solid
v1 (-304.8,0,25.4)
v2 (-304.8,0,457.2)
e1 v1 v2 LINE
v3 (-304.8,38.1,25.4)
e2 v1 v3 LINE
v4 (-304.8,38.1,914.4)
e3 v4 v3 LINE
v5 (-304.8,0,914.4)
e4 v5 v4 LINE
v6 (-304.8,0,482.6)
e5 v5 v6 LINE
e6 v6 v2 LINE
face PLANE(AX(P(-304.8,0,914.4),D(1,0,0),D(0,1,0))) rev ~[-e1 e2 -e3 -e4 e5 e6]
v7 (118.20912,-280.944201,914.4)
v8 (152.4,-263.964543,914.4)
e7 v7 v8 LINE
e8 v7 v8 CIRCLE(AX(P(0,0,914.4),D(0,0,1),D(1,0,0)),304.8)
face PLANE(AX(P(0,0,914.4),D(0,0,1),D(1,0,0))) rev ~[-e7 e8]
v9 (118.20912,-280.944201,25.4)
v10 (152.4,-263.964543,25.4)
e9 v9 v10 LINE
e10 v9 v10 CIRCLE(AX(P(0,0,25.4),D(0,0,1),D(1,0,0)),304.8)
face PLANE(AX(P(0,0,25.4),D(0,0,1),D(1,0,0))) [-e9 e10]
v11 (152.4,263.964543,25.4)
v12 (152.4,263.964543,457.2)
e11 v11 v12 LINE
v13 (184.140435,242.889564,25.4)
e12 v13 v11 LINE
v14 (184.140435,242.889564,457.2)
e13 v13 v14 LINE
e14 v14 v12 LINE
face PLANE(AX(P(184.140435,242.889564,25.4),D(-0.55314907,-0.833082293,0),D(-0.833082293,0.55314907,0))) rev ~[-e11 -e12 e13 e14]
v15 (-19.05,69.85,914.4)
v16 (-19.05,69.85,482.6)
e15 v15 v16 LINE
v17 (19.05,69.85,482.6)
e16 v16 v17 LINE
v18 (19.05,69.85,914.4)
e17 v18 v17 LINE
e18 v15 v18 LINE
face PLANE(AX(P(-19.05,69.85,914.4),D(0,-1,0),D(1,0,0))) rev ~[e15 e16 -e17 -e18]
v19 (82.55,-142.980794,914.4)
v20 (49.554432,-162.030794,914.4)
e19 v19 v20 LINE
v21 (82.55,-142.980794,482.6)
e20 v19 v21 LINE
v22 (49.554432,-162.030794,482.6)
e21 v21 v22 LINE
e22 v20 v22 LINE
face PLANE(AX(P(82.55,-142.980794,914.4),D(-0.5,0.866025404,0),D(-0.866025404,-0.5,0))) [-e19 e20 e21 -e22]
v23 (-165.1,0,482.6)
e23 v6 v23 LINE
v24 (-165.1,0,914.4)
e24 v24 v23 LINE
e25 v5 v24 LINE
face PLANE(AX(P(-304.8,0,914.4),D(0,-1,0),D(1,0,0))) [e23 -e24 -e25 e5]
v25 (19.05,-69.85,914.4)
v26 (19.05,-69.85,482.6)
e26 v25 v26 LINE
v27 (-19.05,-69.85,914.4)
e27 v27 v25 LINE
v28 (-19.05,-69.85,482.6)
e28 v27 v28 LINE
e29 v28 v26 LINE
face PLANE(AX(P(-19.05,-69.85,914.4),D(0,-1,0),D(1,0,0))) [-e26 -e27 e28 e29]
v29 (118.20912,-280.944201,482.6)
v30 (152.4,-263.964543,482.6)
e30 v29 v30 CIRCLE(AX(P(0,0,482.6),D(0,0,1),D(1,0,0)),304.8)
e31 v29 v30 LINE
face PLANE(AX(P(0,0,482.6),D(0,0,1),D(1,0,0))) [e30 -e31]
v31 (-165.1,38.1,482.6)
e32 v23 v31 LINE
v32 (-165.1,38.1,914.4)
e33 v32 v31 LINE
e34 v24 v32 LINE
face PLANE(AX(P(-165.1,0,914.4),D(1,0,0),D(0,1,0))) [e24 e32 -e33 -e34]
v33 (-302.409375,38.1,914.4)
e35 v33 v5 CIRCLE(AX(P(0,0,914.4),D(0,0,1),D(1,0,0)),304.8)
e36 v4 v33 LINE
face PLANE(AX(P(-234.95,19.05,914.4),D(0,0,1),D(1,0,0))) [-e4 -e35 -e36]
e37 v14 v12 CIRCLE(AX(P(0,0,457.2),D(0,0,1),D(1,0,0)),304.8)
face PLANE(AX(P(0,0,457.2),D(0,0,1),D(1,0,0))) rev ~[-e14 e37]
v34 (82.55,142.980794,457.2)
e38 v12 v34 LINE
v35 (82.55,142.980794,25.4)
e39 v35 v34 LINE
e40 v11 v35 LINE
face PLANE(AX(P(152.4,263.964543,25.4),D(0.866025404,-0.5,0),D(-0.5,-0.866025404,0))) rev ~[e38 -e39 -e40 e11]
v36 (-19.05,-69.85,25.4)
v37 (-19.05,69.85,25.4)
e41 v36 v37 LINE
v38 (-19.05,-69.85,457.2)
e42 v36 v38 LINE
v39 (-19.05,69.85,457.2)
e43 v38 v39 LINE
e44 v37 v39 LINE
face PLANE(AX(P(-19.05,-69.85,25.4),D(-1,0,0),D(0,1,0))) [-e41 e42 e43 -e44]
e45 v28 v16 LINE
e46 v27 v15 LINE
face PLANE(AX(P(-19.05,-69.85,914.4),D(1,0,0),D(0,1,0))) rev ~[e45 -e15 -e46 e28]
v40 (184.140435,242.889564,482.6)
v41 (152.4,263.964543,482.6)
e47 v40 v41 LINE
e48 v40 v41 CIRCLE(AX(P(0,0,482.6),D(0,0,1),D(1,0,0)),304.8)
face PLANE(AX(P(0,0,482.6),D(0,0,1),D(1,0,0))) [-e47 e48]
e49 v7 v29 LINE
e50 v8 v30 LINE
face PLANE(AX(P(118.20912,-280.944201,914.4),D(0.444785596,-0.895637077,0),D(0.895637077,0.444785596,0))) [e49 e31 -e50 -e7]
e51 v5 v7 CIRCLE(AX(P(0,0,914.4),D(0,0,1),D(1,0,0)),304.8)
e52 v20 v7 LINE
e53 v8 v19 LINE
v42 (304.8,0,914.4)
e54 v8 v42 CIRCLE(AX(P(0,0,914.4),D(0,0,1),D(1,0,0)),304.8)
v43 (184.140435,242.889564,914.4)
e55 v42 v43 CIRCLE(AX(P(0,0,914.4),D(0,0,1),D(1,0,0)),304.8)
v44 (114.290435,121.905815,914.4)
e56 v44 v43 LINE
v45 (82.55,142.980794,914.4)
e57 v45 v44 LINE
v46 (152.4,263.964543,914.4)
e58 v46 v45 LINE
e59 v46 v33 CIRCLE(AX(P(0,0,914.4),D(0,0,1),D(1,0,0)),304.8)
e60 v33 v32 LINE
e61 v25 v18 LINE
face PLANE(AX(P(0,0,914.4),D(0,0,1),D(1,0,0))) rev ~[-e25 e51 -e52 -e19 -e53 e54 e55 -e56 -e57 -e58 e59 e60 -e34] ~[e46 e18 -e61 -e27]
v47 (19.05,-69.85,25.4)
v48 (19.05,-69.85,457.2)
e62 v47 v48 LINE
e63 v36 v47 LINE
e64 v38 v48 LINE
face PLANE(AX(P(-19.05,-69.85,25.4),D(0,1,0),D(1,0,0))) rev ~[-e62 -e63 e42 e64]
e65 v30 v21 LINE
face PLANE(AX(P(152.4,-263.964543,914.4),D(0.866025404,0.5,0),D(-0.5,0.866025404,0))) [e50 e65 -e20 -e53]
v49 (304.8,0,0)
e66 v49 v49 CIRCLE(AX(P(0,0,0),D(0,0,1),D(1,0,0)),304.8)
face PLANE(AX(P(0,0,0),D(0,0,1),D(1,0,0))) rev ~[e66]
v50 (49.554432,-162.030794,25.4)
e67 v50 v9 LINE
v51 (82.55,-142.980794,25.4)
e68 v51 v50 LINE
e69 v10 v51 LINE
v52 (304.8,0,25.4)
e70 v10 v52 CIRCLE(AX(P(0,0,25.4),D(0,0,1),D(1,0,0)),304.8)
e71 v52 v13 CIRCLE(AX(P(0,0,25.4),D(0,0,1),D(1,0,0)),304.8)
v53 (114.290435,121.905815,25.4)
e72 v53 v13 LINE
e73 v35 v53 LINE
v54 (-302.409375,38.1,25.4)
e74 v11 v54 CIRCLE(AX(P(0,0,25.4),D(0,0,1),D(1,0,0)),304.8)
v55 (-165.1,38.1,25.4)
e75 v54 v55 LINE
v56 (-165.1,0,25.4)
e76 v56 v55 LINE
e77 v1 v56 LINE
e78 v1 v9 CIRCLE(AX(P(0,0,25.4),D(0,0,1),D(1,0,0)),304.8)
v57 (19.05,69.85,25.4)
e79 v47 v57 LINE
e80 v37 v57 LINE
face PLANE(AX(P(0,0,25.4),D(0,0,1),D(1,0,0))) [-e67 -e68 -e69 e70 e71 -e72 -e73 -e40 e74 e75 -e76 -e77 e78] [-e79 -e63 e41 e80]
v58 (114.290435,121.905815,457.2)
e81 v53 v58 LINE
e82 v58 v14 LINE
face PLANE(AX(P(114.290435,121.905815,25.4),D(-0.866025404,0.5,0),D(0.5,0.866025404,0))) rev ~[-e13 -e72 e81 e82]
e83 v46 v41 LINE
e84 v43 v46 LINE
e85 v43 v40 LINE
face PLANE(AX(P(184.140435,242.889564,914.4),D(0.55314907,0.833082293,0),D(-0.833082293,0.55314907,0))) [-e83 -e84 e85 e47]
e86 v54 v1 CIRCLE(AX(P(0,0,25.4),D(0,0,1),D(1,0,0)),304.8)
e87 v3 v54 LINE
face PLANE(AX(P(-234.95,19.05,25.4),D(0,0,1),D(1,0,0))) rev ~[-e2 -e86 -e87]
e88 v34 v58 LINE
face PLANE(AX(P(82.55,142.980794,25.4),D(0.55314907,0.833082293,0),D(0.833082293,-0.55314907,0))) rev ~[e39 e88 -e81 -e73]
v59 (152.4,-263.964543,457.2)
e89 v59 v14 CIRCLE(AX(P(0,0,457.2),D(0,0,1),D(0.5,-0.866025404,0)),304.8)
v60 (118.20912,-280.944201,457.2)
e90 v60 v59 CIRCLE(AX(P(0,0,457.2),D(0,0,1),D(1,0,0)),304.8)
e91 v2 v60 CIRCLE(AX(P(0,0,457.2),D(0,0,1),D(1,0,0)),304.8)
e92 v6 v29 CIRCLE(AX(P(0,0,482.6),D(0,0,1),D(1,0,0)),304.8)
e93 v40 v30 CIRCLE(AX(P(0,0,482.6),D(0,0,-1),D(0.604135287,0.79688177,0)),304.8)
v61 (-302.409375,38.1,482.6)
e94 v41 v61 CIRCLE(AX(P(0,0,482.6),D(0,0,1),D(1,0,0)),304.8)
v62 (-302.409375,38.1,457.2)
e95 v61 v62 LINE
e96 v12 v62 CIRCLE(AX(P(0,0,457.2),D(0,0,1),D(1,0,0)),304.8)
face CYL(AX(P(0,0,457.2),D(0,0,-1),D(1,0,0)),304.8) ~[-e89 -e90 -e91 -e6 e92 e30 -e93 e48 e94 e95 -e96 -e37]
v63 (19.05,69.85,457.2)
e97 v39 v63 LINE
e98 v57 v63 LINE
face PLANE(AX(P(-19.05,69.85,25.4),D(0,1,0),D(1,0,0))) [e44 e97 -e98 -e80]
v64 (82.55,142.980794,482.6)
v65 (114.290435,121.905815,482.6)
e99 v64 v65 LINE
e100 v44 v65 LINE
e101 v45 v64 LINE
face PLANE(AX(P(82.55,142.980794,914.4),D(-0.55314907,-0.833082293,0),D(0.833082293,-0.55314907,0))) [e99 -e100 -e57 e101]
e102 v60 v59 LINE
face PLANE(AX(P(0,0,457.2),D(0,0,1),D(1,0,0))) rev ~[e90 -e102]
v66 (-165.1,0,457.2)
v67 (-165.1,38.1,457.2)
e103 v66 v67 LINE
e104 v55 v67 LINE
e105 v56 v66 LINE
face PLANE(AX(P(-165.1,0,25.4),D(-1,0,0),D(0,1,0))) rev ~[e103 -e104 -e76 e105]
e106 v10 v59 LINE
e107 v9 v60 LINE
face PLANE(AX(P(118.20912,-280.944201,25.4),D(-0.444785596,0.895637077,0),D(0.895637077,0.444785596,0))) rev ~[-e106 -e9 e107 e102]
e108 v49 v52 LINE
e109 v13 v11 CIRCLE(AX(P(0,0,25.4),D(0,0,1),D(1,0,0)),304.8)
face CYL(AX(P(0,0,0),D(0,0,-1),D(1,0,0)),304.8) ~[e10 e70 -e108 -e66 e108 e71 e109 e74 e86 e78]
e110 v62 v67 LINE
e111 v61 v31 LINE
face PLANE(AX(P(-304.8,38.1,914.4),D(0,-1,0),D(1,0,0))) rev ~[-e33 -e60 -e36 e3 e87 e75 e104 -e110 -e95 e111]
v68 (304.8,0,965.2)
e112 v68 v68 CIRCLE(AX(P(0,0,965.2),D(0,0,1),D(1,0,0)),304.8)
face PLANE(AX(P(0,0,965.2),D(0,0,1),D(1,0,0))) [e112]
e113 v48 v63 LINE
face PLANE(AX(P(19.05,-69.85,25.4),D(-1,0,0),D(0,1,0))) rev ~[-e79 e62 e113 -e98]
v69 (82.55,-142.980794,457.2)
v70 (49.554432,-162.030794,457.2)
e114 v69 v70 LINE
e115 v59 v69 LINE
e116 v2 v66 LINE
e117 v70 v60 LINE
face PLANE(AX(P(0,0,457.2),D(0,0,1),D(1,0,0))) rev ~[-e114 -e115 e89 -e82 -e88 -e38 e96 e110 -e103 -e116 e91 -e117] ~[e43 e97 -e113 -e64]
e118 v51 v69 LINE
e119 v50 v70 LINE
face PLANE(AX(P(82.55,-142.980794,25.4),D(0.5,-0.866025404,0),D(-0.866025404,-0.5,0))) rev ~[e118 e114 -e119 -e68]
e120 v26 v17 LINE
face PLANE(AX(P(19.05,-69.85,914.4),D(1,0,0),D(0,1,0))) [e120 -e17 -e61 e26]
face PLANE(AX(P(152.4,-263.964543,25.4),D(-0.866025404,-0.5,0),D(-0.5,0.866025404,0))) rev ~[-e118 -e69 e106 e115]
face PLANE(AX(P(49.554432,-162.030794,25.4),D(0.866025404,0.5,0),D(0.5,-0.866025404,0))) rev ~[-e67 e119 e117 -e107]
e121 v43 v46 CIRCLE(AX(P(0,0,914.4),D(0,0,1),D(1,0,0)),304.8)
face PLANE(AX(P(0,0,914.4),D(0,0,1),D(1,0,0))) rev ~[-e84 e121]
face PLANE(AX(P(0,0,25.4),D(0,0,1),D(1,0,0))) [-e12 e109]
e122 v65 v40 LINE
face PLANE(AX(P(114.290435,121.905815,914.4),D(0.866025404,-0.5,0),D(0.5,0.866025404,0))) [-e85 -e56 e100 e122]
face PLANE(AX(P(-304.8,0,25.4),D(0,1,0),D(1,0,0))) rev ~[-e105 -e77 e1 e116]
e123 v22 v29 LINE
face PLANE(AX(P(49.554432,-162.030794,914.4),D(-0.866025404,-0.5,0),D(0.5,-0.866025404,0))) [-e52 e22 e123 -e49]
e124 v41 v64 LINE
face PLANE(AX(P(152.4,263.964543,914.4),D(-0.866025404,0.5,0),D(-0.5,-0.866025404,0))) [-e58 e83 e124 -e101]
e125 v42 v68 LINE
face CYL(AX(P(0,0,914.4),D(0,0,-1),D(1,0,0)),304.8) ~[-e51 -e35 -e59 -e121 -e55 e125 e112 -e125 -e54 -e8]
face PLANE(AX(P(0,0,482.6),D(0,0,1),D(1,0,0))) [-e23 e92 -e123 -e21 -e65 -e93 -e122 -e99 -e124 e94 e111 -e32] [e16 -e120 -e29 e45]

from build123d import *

# Parameters (mm, degrees)
F0_R      = 304.8
F1_DEPTH  = 25.4
F3_R      = 304.8
F4_DEPTH  = 25.4
F7_W      = 139.7
F7_H      = 38.1
F7_W_2    = 38.1
F7_H_2    = 139.7
F8_DEPTH  = 431.8
F9_W      = 139.7
F9_H      = 38.1
F9_W_2    = 38.1
F9_H_2    = 139.7
F10_DEPTH = 457.2
F6_R      = 304.8
F11_DEPTH = 50.8


with BuildPart() as f1:
    # F0 (on Top) → F1 (new body)
    with BuildSketch(Plane.XY):
        Circle(F0_R)
    extrude(amount=F1_DEPTH)



with BuildPart() as f4:
    # F3 (on offset) → F4 (new body)
    with BuildSketch(Plane.XY.offset(457.2)):
        Circle(F3_R)
    extrude(amount=F4_DEPTH)


with BuildPart() as f1_1:
    add(f1.part)

    add(f4.part)  # F8 merges F4
    # F7 (on face) → F8 (join, through all)
    with BuildSketch(Plane.XY.offset(25.4)):
        with Locations((-234.95, 19.05)):
            Rectangle(F7_W, F7_H)
        Polygon((152.4, 263.9645430735), (82.55, 142.9807941648), (114.2904353584, 121.9058146094), (184.1404353584, 242.8895635181), align=None)
        Polygon((152.4, -263.9645430735), (82.55, -142.9807941648), (49.5544321158, -162.0307941648), (118.2091195432, -280.9442009667), align=None)
        Rectangle(F7_W_2, F7_H_2)
    extrude(amount=F8_DEPTH)

    # F9 (on face) → F10 (join, through all)
    with BuildSketch(Plane.XY.offset(914.4)):
        with Locations((-234.95, 19.05)):
            Rectangle(F9_W, F9_H)
        Polygon((152.4, 263.9645430735), (82.55, 142.9807941648), (114.2904353584, 121.9058146094), (184.1404353584, 242.8895635181), align=None)
        Polygon((152.4, -263.9645430735), (82.55, -142.9807941648), (49.5544321158, -162.0307941648), (118.2091195432, -280.9442009667), align=None)
        Rectangle(F9_W_2, F9_H_2)
    extrude(amount=-F10_DEPTH)

    # F6 (on offset) → F11 (join)
    with BuildSketch(Plane.XY.offset(914.4)):
        Circle(F6_R)
    extrude(amount=F11_DEPTH)


solid = f1_1.part
